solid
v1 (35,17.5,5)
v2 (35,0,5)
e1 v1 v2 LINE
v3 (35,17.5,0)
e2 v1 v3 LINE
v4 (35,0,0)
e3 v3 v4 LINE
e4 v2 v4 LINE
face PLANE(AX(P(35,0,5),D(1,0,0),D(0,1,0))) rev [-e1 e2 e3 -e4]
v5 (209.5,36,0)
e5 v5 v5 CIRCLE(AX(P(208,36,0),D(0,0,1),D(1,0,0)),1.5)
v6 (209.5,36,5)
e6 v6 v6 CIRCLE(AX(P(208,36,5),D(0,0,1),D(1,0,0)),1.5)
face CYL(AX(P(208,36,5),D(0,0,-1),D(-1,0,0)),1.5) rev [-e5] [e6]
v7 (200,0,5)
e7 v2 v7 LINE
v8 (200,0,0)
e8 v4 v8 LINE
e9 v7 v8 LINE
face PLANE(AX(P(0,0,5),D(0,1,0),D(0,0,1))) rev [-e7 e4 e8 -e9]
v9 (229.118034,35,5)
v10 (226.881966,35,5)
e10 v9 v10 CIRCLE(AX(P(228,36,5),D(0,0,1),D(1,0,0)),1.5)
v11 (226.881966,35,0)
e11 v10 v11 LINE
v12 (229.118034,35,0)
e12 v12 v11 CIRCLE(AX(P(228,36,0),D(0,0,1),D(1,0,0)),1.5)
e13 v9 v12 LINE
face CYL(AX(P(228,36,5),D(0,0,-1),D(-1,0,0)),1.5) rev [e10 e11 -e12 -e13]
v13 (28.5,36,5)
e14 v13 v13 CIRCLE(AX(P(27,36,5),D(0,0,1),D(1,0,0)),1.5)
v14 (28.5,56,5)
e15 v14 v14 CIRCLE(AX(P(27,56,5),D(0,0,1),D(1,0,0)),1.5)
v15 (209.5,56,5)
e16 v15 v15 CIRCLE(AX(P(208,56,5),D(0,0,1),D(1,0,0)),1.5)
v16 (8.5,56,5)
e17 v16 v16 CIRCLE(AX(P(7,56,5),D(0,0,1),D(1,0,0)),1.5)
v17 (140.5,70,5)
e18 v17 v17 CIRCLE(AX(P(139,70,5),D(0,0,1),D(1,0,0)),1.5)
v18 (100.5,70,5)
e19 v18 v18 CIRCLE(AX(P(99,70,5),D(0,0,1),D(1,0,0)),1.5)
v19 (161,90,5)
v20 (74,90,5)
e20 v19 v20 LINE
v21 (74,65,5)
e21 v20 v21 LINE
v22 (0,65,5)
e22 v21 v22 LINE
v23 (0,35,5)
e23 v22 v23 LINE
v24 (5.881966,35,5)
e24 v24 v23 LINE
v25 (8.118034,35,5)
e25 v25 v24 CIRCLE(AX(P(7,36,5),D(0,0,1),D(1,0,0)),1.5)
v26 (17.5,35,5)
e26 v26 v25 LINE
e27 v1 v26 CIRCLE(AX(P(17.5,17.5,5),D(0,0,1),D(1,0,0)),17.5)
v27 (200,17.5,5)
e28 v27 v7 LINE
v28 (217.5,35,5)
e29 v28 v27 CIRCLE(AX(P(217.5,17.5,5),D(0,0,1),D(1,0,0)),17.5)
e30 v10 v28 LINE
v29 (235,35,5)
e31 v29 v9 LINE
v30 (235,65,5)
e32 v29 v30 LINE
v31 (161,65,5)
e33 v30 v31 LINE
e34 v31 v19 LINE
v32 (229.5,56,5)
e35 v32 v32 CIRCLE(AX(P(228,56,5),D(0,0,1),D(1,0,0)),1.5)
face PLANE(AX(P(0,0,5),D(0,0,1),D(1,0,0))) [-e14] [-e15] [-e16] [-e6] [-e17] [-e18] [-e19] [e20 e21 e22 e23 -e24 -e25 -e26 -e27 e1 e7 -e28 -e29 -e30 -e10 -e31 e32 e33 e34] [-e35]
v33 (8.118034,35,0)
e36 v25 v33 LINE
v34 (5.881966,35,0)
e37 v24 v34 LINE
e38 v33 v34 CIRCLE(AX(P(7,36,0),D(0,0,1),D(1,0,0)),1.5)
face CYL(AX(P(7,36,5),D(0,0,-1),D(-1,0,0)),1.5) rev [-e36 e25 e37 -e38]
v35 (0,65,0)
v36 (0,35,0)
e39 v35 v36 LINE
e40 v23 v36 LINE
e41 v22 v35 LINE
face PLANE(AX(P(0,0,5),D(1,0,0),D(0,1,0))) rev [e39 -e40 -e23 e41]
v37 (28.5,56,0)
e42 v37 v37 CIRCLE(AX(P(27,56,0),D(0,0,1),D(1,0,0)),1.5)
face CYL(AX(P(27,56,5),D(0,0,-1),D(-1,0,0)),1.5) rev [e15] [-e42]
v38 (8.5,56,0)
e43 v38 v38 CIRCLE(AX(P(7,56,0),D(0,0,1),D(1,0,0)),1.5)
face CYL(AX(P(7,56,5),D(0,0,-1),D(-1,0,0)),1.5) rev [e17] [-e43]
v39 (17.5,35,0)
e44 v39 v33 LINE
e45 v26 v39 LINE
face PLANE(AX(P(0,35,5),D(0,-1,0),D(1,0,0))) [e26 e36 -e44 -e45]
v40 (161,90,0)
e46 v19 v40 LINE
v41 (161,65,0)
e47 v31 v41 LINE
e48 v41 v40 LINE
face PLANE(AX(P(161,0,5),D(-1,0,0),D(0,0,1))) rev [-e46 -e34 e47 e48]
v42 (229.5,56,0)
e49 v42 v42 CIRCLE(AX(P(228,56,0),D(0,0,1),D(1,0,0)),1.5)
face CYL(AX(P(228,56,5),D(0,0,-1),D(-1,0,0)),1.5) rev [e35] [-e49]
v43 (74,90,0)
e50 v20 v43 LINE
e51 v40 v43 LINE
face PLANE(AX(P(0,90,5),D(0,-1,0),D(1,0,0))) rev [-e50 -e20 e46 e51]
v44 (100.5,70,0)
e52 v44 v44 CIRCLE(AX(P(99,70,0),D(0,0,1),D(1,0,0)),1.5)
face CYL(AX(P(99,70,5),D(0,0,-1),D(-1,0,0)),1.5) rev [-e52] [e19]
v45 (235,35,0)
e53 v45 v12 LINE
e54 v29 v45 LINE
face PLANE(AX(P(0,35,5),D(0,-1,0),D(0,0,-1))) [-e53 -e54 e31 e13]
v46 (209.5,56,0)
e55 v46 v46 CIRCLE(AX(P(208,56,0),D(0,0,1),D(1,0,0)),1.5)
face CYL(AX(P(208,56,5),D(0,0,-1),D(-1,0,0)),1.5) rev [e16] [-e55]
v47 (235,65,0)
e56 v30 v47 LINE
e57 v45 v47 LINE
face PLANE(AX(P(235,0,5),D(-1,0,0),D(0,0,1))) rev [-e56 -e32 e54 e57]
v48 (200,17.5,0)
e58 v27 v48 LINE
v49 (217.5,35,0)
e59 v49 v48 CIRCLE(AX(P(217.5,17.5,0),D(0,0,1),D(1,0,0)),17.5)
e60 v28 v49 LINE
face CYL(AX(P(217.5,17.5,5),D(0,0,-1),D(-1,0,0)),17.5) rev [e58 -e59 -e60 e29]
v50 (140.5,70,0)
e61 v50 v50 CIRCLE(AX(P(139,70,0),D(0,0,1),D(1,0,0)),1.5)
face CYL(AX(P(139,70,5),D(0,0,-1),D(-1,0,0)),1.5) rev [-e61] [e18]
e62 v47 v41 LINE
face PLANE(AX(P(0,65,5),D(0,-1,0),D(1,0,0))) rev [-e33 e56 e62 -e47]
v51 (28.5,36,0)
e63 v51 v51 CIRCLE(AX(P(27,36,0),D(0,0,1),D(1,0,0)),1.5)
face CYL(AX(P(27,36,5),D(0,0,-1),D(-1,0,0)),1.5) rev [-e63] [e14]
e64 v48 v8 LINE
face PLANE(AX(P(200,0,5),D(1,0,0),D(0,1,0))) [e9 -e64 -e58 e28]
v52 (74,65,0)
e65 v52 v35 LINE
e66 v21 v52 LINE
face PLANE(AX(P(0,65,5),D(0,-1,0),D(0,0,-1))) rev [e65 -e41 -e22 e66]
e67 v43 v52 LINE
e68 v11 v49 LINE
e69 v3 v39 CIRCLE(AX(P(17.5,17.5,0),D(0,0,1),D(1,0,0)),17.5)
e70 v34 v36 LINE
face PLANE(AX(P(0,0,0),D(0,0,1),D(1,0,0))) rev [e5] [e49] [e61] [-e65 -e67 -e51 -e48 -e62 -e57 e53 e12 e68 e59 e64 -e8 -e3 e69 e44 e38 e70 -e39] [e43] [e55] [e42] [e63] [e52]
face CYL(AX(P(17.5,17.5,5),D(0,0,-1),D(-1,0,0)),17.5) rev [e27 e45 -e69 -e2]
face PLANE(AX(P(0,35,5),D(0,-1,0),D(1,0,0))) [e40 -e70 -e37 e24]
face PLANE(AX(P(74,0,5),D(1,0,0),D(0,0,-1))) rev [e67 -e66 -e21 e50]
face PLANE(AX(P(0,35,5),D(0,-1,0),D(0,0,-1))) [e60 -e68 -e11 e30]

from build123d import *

# Parameters (mm, degrees)
ESQUISSE1_R        = 1.5
BOSS_EXTRU_1_DEPTH = 5


with BuildPart() as part:
    # Esquisse1 → Boss.-Extru.1 (new body)
    with BuildSketch(Plane.XY):
        with BuildLine():
            Line((35, 17.5), (35, 0))
            Line((35, 0), (200, 0))
            Line((200, 0), (200, 17.5))
            ThreePointArc((200, 17.5), (205.125631329, 29.874368671), (217.5, 35))
            Line((217.5, 35), (226.881966011, 35))
            ThreePointArc((226.881966011, 35), (227.464766865, 37.401258538), (229.5, 36))
            ThreePointArc((229.5, 36), (229.401258538, 35.464766865), (229.118033989, 35))
            Line((229.118033989, 35), (235, 35))
            Line((235, 35), (235, 65))
            Line((235, 65), (161, 65))
            Line((161, 65), (161, 90))
            Line((161, 90), (74, 90))
            Line((74, 90), (74, 65))
            Line((74, 65), (0, 65))
            Line((0, 65), (0, 35))
            Line((0, 35), (5.881966011, 35))
            ThreePointArc((5.881966011, 35), (6.464766865, 37.401258538), (8.5, 36))
            ThreePointArc((8.5, 36), (8.401258538, 35.464766865), (8.118033989, 35))
            Line((8.118033989, 35), (17.5, 35))
            ThreePointArc((17.5, 35), (29.874368671, 29.874368671), (35, 17.5))
        make_face()
        with Locations((27, 36)):
            Circle(ESQUISSE1_R, mode=Mode.SUBTRACT)
        with Locations((208, 36)):
            Circle(ESQUISSE1_R, mode=Mode.SUBTRACT)
        with Locations((7, 56)):
            Circle(ESQUISSE1_R, mode=Mode.SUBTRACT)
        with Locations((27, 56)):
            Circle(ESQUISSE1_R, mode=Mode.SUBTRACT)
        with Locations((99, 70)):
            Circle(ESQUISSE1_R, mode=Mode.SUBTRACT)
        with Locations((208, 56)):
            Circle(ESQUISSE1_R, mode=Mode.SUBTRACT)
        with Locations((228, 56)):
            Circle(ESQUISSE1_R, mode=Mode.SUBTRACT)
        with Locations((139, 70)):
            Circle(ESQUISSE1_R, mode=Mode.SUBTRACT)
    extrude(amount=BOSS_EXTRU_1_DEPTH)


solid = part.part
